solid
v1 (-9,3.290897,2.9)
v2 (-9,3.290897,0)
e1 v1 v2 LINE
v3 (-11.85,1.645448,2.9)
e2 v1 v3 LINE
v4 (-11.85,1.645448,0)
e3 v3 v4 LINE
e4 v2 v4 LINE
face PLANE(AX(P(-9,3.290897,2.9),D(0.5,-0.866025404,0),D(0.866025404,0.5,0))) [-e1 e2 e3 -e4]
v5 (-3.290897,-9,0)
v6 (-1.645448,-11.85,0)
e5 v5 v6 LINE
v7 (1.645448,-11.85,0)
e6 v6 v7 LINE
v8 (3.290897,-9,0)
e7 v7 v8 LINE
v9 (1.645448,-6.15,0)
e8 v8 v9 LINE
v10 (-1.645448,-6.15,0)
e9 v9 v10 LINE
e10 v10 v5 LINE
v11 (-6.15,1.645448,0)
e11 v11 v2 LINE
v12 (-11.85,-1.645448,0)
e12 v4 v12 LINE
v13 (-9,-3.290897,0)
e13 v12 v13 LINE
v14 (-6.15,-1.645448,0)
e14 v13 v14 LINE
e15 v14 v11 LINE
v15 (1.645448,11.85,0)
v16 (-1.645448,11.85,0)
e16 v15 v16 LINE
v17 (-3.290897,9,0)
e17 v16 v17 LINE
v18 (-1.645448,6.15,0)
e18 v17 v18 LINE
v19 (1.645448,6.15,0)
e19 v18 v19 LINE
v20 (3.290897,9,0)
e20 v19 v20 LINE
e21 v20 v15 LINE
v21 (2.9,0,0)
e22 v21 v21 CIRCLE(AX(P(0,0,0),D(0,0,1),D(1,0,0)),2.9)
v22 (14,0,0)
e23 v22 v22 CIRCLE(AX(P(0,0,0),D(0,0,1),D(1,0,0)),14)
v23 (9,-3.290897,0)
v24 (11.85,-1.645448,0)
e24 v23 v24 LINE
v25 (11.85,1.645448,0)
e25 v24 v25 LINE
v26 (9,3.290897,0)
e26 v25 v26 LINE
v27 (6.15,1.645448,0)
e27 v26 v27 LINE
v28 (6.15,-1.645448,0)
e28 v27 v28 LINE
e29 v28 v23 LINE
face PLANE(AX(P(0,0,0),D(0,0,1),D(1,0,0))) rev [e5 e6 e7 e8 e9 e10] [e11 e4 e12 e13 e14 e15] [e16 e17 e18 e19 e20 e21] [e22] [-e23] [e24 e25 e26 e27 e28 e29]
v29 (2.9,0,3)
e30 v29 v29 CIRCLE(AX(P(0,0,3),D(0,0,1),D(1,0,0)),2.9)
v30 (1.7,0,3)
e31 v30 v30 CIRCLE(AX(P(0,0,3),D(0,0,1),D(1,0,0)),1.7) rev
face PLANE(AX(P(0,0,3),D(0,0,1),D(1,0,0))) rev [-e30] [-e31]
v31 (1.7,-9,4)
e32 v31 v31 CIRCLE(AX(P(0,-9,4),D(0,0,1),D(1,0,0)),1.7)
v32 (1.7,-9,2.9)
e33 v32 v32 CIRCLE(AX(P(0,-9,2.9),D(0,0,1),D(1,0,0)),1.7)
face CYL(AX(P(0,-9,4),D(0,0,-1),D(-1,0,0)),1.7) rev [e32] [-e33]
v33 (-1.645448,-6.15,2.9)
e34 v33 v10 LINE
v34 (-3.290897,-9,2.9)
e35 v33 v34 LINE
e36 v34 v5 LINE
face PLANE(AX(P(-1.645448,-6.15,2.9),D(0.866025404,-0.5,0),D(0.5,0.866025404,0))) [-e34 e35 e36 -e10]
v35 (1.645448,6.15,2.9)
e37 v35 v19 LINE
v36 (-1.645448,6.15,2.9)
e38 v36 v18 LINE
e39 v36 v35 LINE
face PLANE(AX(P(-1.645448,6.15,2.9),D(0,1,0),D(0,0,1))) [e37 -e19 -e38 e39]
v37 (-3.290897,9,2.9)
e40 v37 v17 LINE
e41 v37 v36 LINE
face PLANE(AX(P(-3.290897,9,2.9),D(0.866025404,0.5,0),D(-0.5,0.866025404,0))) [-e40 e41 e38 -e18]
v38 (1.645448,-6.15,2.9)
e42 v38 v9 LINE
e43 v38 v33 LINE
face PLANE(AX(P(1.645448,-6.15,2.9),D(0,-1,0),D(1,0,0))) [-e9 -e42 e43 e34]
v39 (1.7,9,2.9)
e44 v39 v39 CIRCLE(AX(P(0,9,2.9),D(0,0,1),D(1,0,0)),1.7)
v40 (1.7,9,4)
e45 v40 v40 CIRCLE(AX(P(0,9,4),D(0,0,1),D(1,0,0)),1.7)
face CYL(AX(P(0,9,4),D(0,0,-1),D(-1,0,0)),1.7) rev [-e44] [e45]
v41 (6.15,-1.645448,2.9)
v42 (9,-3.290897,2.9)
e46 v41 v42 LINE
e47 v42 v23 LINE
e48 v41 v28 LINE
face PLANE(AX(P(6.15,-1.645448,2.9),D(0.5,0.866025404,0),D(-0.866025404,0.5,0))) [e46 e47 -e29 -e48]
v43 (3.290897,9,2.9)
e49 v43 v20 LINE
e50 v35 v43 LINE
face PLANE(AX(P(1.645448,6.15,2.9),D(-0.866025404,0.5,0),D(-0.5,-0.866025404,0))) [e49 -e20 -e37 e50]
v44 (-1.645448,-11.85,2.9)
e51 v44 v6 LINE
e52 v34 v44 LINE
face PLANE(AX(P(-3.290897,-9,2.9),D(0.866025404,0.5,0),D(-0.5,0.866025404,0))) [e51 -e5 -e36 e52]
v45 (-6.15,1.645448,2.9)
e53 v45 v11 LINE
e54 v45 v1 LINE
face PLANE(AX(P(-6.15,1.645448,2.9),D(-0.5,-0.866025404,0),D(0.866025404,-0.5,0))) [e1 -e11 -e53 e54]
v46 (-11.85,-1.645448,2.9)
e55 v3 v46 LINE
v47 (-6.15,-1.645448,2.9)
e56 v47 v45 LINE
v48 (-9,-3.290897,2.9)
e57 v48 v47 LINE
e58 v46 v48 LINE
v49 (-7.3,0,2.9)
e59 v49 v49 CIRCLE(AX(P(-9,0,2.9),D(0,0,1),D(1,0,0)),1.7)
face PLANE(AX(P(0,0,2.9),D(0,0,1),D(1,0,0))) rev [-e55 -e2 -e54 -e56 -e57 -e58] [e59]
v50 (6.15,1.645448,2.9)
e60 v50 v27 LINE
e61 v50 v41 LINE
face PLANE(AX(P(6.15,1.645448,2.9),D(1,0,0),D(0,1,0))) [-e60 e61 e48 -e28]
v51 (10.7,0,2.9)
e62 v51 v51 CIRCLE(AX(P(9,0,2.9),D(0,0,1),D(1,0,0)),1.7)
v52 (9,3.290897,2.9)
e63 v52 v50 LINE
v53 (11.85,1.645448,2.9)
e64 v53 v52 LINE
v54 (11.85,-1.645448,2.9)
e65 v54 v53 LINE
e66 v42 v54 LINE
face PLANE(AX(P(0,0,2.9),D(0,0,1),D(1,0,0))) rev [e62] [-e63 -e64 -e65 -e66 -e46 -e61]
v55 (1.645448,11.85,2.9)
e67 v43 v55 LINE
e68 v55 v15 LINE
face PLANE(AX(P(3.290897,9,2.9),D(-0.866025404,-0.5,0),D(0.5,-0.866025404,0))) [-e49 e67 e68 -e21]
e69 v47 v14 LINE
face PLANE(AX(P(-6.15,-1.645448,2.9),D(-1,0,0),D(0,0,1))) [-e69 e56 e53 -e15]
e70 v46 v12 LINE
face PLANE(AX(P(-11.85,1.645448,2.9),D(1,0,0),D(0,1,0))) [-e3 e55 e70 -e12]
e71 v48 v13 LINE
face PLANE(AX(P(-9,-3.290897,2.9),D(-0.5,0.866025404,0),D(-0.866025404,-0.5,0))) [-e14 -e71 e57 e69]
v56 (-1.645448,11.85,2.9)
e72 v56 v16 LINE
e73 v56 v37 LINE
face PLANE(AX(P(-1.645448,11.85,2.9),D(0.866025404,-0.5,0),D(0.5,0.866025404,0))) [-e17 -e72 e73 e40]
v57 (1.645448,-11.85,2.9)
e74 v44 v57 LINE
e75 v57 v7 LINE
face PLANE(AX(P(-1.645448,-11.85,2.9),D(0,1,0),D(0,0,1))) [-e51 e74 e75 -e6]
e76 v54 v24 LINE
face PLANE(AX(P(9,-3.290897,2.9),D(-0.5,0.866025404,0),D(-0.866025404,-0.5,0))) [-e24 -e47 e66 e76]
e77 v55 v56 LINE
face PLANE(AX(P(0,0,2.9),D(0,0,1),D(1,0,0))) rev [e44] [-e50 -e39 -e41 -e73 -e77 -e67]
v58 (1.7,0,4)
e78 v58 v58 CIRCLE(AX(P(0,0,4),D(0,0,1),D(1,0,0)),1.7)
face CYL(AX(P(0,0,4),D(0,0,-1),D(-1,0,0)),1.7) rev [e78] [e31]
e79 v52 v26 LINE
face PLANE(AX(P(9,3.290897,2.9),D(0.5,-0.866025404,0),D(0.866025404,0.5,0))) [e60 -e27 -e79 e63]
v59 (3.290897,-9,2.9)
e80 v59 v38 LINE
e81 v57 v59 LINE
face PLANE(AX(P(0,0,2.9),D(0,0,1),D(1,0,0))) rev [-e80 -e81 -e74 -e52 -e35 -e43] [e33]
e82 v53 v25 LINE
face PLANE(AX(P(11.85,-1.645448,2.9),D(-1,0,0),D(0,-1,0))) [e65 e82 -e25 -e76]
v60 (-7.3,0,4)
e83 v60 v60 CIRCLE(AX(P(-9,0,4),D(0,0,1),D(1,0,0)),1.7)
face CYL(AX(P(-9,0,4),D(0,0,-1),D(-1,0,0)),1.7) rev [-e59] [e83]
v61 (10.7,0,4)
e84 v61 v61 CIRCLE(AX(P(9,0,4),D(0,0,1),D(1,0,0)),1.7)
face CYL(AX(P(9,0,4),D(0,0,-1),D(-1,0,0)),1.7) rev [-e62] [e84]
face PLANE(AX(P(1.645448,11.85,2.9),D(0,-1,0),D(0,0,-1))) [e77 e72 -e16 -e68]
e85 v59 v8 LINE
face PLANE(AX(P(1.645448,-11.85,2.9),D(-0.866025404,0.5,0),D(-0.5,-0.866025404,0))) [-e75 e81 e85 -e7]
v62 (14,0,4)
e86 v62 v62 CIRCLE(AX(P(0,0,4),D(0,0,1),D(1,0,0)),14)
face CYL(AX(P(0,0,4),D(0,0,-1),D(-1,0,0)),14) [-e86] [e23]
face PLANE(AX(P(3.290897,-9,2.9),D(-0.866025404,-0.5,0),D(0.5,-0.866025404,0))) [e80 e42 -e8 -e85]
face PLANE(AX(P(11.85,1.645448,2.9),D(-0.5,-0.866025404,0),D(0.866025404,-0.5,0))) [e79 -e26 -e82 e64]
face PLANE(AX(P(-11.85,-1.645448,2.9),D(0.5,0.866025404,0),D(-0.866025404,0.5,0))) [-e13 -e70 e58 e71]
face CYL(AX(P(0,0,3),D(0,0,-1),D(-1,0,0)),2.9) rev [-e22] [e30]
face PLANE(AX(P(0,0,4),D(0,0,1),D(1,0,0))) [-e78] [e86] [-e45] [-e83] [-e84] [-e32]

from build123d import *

# Parameters (mm, degrees)
HUB_DISC_OD28_THICKNESS4_PROFILE_R            = 14
HUB_DISC_OD28_THICKNESS4_DEPTH                = 4
MG996R_SPLINE_PRESS_SOCKET_D5P80_DEP_2_R      = 2.9
MG996R_SPLINE_PRESS_SOCKET_D5P80_DEPTH3_DEPTH = 3
M3_CENTRE_SCREW_CLEARANCE_THROUGH_FLOOR_START = -50
M3_CENTRE_SCREW_CLEARANCE_THROUGH_FL_2_R      = 1.7
M3_CENTRE_SCREW_CLEARANCE_THROUGH_FLOOR_DEPTH = 71.199009877
LINK_M3_CLEARANCE_PCD18_START                 = -50
LINK_M3_CLEARANCE_PCD18_PROFILE_R             = 1.7
LINK_M3_CLEARANCE_PCD18_DEPTH                 = 71.199009877
CAPTURED_M3_NUT_POCKETS_DEPTH2P9_DEPTH        = 2.9


with BuildPart() as part:
    # Hub_disc_OD28_thickness4_profile → Hub_disc_OD28_thickness4 (new body)
    with BuildSketch(Plane.XY):
        Circle(HUB_DISC_OD28_THICKNESS4_PROFILE_R)
    extrude(amount=HUB_DISC_OD28_THICKNESS4_DEPTH)

    # MG996R_spline_press_socket_D5p80_dep 2 → MG996R_spline_press_socket_D5p80_depth3 (cut)
    with BuildSketch(Plane.XY):
        Circle(MG996R_SPLINE_PRESS_SOCKET_D5P80_DEP_2_R)
    extrude(amount=MG996R_SPLINE_PRESS_SOCKET_D5P80_DEPTH3_DEPTH, mode=Mode.SUBTRACT)

    # M3_centre_screw_clearance_through_fl 2 → M3_centre_screw_clearance_through_floor (cut, through all)
    with BuildSketch(Plane.XY.offset(M3_CENTRE_SCREW_CLEARANCE_THROUGH_FLOOR_START)):
        Circle(M3_CENTRE_SCREW_CLEARANCE_THROUGH_FL_2_R)
    extrude(amount=M3_CENTRE_SCREW_CLEARANCE_THROUGH_FLOOR_DEPTH, mode=Mode.SUBTRACT)

    # Link_M3_clearance_PCD18_profile → Link_M3_clearance_PCD18 (cut, through all)
    with BuildSketch(Plane.XY.offset(LINK_M3_CLEARANCE_PCD18_START)):
        with Locations((9, 0)):
            Circle(LINK_M3_CLEARANCE_PCD18_PROFILE_R)
        with Locations((0, 9)):
            Circle(LINK_M3_CLEARANCE_PCD18_PROFILE_R)
        with Locations((-9, 0)):
            Circle(LINK_M3_CLEARANCE_PCD18_PROFILE_R)
        with Locations((0, -9)):
            Circle(LINK_M3_CLEARANCE_PCD18_PROFILE_R)
    extrude(amount=LINK_M3_CLEARANCE_PCD18_DEPTH, mode=Mode.SUBTRACT)

    # Captured_M3_nut_pockets_AF5p7_profile → Captured_M3_nut_pockets_depth2p9 (cut)
    with BuildSketch(Plane.XY):
        Polygon((11.85, 1.645448267), (9, 3.290896534), (6.15, 1.645448267), (6.15, -1.645448267), (9, -3.290896534), (11.85, -1.645448267), align=None)
        Polygon((-1.645448267, 11.85), (-3.290896534, 9), (-1.645448267, 6.15), (1.645448267, 6.15), (3.290896534, 9), (1.645448267, 11.85), align=None)
        Polygon((-11.85, -1.645448267), (-9, -3.290896534), (-6.15, -1.645448267), (-6.15, 1.645448267), (-9, 3.290896534), (-11.85, 1.645448267), align=None)
        Polygon((1.645448267, -11.85), (3.290896534, -9), (1.645448267, -6.15), (-1.645448267, -6.15), (-3.290896534, -9), (-1.645448267, -11.85), align=None)
    extrude(amount=CAPTURED_M3_NUT_POCKETS_DEPTH2P9_DEPTH, mode=Mode.SUBTRACT)


solid = part.part
